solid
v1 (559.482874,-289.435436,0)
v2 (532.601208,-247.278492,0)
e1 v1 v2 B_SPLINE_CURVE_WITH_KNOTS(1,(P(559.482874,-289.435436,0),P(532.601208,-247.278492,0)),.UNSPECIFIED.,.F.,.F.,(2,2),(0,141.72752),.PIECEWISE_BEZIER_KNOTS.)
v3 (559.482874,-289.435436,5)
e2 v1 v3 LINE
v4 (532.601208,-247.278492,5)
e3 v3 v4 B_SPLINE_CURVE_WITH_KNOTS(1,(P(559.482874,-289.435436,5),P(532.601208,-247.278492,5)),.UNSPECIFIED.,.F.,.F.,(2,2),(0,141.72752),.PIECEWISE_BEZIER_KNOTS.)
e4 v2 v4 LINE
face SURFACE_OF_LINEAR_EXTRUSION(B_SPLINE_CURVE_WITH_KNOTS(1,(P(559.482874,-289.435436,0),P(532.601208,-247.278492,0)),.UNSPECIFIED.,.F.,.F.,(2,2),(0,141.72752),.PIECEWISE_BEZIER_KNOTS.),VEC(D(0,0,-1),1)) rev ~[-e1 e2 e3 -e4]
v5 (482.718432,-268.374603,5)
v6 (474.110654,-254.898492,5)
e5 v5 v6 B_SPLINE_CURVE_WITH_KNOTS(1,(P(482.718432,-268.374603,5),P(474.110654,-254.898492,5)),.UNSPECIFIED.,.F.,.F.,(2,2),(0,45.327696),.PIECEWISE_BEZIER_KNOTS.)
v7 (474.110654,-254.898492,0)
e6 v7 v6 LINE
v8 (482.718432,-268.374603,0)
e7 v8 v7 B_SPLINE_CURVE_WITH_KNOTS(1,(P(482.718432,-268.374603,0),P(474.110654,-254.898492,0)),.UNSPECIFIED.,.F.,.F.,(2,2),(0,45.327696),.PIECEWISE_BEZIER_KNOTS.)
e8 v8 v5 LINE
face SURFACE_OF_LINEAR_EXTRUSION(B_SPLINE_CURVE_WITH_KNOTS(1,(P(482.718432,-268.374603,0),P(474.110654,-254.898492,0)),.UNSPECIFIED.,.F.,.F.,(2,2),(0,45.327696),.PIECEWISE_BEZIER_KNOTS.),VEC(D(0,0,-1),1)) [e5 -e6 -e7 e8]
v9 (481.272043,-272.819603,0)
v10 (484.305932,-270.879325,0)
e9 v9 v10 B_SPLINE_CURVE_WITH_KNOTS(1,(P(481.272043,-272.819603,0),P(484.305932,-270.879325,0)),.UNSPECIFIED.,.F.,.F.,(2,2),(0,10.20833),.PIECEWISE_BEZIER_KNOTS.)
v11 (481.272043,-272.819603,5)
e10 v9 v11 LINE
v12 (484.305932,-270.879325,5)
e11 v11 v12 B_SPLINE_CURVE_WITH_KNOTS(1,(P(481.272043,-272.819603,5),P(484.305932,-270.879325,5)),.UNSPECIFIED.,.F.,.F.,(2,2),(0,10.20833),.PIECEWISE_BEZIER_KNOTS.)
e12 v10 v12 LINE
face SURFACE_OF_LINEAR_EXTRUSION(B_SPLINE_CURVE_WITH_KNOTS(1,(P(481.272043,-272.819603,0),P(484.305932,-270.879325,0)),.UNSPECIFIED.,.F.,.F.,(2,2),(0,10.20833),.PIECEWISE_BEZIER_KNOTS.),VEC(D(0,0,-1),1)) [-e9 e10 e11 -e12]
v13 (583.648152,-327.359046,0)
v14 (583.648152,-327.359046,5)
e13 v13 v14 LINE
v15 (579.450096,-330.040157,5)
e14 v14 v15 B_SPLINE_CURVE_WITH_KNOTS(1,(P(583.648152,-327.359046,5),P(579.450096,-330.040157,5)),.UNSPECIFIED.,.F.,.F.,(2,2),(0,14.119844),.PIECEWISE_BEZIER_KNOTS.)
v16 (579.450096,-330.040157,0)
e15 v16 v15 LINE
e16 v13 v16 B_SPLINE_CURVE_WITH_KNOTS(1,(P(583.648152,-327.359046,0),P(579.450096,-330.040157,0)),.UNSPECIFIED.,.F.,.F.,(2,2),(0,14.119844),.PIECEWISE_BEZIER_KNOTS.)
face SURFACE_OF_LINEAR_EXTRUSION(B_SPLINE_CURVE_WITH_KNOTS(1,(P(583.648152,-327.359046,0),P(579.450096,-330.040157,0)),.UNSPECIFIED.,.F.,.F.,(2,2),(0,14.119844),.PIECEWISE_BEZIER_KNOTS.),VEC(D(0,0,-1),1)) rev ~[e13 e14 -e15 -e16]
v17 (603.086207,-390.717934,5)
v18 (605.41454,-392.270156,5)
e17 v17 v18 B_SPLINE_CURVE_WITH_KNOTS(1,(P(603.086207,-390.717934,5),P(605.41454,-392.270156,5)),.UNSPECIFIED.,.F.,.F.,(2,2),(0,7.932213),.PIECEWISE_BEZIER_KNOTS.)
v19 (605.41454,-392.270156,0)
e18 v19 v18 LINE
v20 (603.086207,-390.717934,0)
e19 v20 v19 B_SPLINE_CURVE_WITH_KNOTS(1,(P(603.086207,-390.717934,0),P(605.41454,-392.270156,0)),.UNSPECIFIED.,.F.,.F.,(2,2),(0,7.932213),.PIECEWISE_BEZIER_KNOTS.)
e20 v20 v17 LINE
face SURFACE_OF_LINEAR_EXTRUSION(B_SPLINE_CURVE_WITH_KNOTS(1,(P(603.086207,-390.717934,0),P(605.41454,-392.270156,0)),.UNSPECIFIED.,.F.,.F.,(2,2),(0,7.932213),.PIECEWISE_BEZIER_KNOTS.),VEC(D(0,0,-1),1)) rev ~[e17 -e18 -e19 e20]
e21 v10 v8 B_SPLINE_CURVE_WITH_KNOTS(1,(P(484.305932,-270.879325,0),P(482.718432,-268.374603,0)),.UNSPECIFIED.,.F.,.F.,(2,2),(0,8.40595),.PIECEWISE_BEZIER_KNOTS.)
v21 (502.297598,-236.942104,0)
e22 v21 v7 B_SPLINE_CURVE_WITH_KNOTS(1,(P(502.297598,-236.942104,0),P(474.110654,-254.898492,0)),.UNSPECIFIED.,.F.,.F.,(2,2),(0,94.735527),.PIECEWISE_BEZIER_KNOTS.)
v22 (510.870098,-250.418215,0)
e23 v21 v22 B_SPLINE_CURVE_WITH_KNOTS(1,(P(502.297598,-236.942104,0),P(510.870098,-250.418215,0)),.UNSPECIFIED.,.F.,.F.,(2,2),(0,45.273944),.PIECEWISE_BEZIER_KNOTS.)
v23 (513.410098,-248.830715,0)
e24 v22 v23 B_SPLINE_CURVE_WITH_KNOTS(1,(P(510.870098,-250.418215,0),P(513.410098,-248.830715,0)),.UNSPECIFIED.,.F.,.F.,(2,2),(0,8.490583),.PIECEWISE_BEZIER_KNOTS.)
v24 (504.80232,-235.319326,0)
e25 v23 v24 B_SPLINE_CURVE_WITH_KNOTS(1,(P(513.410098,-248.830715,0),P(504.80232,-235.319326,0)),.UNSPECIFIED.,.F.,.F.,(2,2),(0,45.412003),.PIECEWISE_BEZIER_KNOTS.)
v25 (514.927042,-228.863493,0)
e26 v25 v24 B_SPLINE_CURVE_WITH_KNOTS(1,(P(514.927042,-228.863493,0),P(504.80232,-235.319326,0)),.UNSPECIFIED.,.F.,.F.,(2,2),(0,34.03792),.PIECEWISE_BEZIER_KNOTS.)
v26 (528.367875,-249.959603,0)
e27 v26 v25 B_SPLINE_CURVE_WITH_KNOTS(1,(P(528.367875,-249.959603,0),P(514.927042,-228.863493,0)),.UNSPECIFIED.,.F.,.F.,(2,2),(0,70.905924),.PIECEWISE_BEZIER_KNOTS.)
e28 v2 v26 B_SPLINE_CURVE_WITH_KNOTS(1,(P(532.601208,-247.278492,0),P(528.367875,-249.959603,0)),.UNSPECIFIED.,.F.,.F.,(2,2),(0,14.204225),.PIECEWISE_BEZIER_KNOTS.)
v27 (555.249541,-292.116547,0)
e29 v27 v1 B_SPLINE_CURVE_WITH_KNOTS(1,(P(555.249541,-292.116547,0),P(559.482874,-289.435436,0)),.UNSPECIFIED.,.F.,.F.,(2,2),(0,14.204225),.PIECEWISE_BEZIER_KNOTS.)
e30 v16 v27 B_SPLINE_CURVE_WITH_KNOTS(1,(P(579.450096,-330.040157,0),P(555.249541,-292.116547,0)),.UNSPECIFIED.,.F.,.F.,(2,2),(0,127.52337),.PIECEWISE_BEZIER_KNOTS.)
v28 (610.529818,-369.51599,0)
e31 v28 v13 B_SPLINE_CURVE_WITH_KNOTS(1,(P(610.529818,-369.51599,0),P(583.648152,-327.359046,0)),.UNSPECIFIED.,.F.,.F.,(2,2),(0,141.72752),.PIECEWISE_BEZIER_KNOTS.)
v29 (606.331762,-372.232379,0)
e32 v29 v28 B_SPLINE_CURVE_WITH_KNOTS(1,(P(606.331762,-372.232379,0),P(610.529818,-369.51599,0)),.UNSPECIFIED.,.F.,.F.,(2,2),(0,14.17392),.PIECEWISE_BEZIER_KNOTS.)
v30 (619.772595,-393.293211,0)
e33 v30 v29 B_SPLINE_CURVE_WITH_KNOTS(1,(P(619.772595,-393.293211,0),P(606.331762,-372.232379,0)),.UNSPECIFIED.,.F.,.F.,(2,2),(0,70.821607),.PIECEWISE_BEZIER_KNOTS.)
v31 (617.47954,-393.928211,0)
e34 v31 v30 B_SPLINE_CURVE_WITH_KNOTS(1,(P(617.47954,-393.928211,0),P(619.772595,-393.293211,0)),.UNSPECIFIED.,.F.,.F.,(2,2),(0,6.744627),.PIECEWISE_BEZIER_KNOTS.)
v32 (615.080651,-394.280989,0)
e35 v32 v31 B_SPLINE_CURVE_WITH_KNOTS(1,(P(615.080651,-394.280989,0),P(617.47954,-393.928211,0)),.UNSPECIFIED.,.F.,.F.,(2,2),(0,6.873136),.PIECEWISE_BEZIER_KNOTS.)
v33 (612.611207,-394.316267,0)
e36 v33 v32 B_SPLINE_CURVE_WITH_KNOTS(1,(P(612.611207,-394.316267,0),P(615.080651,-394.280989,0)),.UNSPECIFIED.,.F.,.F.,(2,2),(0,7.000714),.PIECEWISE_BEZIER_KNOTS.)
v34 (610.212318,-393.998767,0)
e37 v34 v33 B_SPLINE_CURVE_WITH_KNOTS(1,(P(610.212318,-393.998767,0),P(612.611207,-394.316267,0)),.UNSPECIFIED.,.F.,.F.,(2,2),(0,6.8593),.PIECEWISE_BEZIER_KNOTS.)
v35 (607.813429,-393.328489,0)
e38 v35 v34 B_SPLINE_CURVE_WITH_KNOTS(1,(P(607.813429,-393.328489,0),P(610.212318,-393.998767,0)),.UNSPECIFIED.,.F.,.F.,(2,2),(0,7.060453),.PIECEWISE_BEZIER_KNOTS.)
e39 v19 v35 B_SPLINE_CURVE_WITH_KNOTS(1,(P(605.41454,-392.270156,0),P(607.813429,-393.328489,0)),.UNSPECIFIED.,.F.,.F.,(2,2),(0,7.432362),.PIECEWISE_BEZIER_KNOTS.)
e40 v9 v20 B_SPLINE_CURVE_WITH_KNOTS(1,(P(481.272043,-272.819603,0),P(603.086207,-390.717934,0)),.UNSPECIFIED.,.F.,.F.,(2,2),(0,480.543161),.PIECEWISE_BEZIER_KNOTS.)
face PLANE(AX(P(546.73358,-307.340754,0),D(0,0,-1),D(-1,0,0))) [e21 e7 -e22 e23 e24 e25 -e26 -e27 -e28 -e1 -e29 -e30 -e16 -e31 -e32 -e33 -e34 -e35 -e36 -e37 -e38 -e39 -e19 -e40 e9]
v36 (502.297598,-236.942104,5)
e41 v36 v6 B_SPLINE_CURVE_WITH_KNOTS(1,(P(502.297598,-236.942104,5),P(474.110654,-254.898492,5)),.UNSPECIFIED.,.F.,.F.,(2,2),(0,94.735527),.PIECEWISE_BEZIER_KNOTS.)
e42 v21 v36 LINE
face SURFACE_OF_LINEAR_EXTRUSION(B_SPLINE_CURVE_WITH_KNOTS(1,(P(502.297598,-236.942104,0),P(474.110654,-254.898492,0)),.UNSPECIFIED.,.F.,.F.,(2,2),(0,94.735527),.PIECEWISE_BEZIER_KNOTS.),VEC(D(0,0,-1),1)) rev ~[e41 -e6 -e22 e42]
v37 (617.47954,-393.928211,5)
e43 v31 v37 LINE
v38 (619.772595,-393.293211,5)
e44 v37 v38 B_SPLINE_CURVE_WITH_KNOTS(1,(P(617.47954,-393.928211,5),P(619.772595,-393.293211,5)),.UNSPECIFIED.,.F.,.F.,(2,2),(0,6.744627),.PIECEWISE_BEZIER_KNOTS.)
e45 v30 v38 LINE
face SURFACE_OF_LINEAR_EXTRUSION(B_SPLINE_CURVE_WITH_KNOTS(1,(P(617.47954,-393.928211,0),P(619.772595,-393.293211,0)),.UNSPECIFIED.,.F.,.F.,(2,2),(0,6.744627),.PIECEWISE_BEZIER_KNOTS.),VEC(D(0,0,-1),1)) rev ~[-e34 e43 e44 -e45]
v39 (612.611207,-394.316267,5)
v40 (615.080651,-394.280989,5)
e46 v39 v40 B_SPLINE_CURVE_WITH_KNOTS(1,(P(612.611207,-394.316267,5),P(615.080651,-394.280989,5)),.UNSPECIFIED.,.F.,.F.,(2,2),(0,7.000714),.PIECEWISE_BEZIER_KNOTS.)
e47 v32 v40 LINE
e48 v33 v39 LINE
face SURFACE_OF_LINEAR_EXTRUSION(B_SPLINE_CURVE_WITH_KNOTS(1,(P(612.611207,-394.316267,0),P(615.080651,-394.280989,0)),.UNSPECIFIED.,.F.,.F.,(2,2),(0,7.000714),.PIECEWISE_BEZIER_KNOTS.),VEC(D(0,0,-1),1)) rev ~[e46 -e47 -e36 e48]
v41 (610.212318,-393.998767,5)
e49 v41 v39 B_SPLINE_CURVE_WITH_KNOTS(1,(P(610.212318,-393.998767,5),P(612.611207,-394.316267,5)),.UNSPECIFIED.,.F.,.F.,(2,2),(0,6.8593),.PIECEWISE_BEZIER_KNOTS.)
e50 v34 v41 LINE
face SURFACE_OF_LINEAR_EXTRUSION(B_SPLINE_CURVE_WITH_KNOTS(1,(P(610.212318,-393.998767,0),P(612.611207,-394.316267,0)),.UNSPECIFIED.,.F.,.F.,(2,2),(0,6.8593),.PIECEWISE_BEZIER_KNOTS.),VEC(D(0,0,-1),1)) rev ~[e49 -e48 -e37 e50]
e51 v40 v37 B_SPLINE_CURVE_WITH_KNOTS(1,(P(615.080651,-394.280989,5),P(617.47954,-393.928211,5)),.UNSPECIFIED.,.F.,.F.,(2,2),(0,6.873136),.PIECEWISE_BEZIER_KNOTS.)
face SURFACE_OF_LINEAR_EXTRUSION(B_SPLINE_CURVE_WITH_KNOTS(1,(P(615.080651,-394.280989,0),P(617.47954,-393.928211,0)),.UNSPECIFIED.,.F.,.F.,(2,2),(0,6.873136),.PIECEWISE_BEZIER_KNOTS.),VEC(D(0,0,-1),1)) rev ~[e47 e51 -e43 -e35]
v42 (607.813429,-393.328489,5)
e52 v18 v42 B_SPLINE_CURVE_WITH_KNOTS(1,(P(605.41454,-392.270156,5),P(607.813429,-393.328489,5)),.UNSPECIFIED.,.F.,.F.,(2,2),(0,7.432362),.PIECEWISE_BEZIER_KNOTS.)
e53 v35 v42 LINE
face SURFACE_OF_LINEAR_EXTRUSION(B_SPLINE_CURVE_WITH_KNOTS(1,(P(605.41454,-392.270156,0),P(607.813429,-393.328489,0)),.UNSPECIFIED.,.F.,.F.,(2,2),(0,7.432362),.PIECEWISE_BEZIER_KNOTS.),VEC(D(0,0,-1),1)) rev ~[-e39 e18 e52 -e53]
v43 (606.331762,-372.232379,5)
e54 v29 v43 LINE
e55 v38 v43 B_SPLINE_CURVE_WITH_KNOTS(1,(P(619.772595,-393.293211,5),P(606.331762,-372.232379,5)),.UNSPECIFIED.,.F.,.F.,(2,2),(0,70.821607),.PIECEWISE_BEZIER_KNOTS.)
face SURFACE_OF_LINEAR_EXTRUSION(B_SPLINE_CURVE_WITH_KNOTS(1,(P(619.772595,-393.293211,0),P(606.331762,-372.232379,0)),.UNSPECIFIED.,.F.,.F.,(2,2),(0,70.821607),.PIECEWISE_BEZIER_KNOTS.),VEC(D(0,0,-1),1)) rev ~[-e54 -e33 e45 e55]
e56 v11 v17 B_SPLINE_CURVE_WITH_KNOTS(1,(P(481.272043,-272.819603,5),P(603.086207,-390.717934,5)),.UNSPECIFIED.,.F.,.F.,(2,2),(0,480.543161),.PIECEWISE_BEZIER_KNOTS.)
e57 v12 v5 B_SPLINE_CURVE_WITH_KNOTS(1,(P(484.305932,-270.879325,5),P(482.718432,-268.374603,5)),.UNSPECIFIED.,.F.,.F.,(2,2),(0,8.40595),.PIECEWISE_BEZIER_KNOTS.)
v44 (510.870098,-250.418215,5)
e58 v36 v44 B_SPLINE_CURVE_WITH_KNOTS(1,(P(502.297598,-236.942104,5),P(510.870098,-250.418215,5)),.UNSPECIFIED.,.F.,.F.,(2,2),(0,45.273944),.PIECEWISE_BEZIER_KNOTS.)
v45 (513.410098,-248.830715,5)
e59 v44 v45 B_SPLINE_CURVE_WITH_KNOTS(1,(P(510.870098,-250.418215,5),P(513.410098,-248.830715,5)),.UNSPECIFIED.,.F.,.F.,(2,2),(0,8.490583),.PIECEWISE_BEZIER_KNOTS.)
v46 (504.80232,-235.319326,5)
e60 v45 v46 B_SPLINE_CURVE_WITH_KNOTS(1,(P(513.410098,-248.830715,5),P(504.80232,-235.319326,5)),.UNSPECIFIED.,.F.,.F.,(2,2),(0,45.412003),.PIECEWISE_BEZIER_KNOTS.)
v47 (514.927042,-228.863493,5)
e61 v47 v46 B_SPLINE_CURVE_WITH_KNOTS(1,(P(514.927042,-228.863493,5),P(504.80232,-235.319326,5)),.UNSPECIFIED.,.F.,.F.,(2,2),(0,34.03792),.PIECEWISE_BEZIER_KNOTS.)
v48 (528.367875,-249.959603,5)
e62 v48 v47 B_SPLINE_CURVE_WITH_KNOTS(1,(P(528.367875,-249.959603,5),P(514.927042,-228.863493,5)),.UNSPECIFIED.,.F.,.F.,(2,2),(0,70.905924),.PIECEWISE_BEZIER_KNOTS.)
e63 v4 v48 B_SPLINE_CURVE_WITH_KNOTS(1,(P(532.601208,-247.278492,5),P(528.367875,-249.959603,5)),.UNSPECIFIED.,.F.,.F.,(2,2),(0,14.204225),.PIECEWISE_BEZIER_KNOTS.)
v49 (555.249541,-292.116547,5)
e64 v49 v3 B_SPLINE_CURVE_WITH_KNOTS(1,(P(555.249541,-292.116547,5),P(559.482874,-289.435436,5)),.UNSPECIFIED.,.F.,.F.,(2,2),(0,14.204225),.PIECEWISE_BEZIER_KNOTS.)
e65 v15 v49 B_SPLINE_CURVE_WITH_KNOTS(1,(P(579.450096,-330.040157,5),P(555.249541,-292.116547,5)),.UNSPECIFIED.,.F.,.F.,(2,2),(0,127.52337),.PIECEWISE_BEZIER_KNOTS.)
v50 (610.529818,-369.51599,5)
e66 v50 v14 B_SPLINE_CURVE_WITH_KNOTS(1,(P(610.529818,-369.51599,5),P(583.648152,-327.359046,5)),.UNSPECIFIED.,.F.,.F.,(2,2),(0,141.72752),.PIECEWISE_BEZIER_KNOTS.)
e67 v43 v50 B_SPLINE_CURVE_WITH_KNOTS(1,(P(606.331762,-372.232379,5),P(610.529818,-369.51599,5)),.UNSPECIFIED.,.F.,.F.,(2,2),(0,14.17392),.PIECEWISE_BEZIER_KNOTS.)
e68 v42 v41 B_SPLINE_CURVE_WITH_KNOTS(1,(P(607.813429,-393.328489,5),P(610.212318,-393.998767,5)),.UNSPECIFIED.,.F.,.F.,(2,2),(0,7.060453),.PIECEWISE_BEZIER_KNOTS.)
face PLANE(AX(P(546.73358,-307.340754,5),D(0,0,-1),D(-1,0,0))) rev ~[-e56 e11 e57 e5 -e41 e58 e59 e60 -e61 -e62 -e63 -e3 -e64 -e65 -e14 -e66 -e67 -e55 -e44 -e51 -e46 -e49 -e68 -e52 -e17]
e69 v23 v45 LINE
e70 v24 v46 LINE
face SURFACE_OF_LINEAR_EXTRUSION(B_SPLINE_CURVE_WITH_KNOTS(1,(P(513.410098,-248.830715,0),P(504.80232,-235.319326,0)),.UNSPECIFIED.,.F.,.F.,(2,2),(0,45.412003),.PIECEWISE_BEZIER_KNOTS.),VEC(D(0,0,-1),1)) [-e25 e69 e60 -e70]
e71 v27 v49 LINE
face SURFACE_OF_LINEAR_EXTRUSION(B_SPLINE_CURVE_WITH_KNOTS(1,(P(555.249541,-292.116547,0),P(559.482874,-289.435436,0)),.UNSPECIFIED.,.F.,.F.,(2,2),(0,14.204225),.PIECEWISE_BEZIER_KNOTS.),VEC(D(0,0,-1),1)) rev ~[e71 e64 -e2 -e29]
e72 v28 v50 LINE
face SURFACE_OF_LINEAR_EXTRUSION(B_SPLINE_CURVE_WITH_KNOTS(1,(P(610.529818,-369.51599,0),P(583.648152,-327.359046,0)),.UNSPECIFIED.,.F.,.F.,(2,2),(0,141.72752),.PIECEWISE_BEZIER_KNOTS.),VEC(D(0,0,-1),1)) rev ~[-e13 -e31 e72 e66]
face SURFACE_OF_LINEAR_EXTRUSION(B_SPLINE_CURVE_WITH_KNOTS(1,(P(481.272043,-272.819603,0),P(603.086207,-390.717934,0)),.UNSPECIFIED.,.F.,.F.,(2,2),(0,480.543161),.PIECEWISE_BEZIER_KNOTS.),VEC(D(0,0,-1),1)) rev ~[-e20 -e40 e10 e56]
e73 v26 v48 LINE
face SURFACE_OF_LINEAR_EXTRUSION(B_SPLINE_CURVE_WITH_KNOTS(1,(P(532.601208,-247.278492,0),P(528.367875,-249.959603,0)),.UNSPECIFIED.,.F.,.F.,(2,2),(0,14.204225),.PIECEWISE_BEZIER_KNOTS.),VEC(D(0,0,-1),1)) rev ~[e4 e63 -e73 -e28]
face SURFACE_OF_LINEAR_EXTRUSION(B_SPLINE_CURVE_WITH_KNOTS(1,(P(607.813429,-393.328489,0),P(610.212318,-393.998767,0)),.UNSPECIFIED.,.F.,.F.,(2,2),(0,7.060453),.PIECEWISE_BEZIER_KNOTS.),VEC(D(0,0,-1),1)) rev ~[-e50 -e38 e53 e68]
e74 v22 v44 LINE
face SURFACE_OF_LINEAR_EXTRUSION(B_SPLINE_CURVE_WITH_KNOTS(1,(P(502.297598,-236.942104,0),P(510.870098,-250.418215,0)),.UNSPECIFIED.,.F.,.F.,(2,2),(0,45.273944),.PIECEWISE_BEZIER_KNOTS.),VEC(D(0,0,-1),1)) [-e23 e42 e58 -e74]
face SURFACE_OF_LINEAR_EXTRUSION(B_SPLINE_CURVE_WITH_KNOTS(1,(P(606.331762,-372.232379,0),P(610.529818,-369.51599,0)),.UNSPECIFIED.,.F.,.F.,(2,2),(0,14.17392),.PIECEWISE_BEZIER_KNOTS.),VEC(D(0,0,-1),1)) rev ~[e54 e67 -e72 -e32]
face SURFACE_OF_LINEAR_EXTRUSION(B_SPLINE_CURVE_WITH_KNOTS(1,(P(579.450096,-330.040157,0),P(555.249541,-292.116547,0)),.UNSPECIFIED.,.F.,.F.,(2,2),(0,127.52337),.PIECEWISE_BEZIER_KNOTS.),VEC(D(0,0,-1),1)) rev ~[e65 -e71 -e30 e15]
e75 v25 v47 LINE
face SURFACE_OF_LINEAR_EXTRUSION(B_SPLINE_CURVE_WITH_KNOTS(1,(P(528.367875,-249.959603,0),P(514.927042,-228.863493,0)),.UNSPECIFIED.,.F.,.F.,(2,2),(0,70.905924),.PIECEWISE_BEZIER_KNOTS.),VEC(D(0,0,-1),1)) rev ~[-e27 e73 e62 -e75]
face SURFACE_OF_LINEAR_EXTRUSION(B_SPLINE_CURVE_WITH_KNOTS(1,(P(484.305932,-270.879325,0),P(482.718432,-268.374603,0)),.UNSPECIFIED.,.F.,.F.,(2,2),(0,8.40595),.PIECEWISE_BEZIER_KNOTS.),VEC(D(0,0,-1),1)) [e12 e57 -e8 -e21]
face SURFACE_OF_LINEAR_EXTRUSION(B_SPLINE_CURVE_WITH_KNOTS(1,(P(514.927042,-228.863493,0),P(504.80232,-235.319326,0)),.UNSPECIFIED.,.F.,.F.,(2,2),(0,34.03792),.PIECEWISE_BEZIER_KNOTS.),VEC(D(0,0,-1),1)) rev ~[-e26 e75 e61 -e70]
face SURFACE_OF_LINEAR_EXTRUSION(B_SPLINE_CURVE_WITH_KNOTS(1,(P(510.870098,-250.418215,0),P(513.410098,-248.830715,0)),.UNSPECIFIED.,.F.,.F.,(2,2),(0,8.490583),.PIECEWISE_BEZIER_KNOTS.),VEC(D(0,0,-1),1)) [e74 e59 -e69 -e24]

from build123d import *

# Parameters (mm, degrees)
PAD010_DEPTH = 5


with BuildPart() as part:
    # Sketch011 → Pad010 (new body)
    with BuildSketch(Plane.XY):
        with BuildLine():
            add(Edge.make_bspline(
                [(502.297598, -236.942104), (510.870098, -250.418215)],
                knots=[0, 0, 45.273944, 45.273944], degree=1))
            add(Edge.make_bspline(
                [(510.870098, -250.418215), (513.410098, -248.830715)],
                knots=[0, 0, 8.490583, 8.490583], degree=1))
            add(Edge.make_bspline(
                [(513.410098, -248.830715), (504.80232, -235.319326)],
                knots=[0, 0, 45.412003, 45.412003], degree=1))
            add(Edge.make_bspline(
                [(514.927042, -228.863493), (504.80232, -235.319326)],
                knots=[0, 0, 34.03792, 34.03792], degree=1))
            add(Edge.make_bspline(
                [(528.367875, -249.959603), (514.927042, -228.863493)],
                knots=[0, 0, 70.905924, 70.905924], degree=1))
            add(Edge.make_bspline(
                [(532.601208, -247.278492), (528.367875, -249.959603)],
                knots=[0, 0, 14.204225, 14.204225], degree=1))
            add(Edge.make_bspline(
                [(559.482874, -289.435436), (532.601208, -247.278492)],
                knots=[0, 0, 141.72752, 141.72752], degree=1))
            add(Edge.make_bspline(
                [(555.249541, -292.116547), (559.482874, -289.435436)],
                knots=[0, 0, 14.204225, 14.204225], degree=1))
            add(Edge.make_bspline(
                [(579.450096, -330.040157), (555.249541, -292.116547)],
                knots=[0, 0, 127.52337, 127.52337], degree=1))
            add(Edge.make_bspline(
                [(583.648152, -327.359046), (579.450096, -330.040157)],
                knots=[0, 0, 14.119844, 14.119844], degree=1))
            add(Edge.make_bspline(
                [(610.529818, -369.51599), (583.648152, -327.359046)],
                knots=[0, 0, 141.72752, 141.72752], degree=1))
            add(Edge.make_bspline(
                [(606.331762, -372.232379), (610.529818, -369.51599)],
                knots=[0, 0, 14.17392, 14.17392], degree=1))
            add(Edge.make_bspline(
                [(619.772595, -393.293211), (606.331762, -372.232379)],
                knots=[0, 0, 70.821607, 70.821607], degree=1))
            add(Edge.make_bspline(
                [(617.47954, -393.928211), (619.772595, -393.293211)],
                knots=[0, 0, 6.744627, 6.744627], degree=1))
            add(Edge.make_bspline(
                [(615.080651, -394.280989), (617.47954, -393.928211)],
                knots=[0, 0, 6.873136, 6.873136], degree=1))
            add(Edge.make_bspline(
                [(612.611207, -394.316267), (615.080651, -394.280989)],
                knots=[0, 0, 7.000714, 7.000714], degree=1))
            add(Edge.make_bspline(
                [(610.212318, -393.998767), (612.611207, -394.316267)],
                knots=[0, 0, 6.8593, 6.8593], degree=1))
            add(Edge.make_bspline(
                [(607.813429, -393.328489), (610.212318, -393.998767)],
                knots=[0, 0, 7.060453, 7.060453], degree=1))
            add(Edge.make_bspline(
                [(605.41454, -392.270156), (607.813429, -393.328489)],
                knots=[0, 0, 7.432362, 7.432362], degree=1))
            add(Edge.make_bspline(
                [(603.086207, -390.717934), (605.41454, -392.270156)],
                knots=[0, 0, 7.932213, 7.932213], degree=1))
            add(Edge.make_bspline(
                [(481.272043, -272.819603), (603.086207, -390.717934)],
                knots=[0, 0, 480.543161, 480.543161], degree=1))
            add(Edge.make_bspline(
                [(481.272043, -272.819603), (484.305932, -270.879325)],
                knots=[0, 0, 10.20833, 10.20833], degree=1))
            add(Edge.make_bspline(
                [(484.305932, -270.879325), (482.718432, -268.374603)],
                knots=[0, 0, 8.40595, 8.40595], degree=1))
            add(Edge.make_bspline(
                [(482.718432, -268.374603), (474.110654, -254.898492)],
                knots=[0, 0, 45.327696, 45.327696], degree=1))
            add(Edge.make_bspline(
                [(502.297598, -236.942104), (474.110654, -254.898492)],
                knots=[0, 0, 94.735527, 94.735527], degree=1))
        make_face()
    extrude(amount=PAD010_DEPTH)


solid = part.part
